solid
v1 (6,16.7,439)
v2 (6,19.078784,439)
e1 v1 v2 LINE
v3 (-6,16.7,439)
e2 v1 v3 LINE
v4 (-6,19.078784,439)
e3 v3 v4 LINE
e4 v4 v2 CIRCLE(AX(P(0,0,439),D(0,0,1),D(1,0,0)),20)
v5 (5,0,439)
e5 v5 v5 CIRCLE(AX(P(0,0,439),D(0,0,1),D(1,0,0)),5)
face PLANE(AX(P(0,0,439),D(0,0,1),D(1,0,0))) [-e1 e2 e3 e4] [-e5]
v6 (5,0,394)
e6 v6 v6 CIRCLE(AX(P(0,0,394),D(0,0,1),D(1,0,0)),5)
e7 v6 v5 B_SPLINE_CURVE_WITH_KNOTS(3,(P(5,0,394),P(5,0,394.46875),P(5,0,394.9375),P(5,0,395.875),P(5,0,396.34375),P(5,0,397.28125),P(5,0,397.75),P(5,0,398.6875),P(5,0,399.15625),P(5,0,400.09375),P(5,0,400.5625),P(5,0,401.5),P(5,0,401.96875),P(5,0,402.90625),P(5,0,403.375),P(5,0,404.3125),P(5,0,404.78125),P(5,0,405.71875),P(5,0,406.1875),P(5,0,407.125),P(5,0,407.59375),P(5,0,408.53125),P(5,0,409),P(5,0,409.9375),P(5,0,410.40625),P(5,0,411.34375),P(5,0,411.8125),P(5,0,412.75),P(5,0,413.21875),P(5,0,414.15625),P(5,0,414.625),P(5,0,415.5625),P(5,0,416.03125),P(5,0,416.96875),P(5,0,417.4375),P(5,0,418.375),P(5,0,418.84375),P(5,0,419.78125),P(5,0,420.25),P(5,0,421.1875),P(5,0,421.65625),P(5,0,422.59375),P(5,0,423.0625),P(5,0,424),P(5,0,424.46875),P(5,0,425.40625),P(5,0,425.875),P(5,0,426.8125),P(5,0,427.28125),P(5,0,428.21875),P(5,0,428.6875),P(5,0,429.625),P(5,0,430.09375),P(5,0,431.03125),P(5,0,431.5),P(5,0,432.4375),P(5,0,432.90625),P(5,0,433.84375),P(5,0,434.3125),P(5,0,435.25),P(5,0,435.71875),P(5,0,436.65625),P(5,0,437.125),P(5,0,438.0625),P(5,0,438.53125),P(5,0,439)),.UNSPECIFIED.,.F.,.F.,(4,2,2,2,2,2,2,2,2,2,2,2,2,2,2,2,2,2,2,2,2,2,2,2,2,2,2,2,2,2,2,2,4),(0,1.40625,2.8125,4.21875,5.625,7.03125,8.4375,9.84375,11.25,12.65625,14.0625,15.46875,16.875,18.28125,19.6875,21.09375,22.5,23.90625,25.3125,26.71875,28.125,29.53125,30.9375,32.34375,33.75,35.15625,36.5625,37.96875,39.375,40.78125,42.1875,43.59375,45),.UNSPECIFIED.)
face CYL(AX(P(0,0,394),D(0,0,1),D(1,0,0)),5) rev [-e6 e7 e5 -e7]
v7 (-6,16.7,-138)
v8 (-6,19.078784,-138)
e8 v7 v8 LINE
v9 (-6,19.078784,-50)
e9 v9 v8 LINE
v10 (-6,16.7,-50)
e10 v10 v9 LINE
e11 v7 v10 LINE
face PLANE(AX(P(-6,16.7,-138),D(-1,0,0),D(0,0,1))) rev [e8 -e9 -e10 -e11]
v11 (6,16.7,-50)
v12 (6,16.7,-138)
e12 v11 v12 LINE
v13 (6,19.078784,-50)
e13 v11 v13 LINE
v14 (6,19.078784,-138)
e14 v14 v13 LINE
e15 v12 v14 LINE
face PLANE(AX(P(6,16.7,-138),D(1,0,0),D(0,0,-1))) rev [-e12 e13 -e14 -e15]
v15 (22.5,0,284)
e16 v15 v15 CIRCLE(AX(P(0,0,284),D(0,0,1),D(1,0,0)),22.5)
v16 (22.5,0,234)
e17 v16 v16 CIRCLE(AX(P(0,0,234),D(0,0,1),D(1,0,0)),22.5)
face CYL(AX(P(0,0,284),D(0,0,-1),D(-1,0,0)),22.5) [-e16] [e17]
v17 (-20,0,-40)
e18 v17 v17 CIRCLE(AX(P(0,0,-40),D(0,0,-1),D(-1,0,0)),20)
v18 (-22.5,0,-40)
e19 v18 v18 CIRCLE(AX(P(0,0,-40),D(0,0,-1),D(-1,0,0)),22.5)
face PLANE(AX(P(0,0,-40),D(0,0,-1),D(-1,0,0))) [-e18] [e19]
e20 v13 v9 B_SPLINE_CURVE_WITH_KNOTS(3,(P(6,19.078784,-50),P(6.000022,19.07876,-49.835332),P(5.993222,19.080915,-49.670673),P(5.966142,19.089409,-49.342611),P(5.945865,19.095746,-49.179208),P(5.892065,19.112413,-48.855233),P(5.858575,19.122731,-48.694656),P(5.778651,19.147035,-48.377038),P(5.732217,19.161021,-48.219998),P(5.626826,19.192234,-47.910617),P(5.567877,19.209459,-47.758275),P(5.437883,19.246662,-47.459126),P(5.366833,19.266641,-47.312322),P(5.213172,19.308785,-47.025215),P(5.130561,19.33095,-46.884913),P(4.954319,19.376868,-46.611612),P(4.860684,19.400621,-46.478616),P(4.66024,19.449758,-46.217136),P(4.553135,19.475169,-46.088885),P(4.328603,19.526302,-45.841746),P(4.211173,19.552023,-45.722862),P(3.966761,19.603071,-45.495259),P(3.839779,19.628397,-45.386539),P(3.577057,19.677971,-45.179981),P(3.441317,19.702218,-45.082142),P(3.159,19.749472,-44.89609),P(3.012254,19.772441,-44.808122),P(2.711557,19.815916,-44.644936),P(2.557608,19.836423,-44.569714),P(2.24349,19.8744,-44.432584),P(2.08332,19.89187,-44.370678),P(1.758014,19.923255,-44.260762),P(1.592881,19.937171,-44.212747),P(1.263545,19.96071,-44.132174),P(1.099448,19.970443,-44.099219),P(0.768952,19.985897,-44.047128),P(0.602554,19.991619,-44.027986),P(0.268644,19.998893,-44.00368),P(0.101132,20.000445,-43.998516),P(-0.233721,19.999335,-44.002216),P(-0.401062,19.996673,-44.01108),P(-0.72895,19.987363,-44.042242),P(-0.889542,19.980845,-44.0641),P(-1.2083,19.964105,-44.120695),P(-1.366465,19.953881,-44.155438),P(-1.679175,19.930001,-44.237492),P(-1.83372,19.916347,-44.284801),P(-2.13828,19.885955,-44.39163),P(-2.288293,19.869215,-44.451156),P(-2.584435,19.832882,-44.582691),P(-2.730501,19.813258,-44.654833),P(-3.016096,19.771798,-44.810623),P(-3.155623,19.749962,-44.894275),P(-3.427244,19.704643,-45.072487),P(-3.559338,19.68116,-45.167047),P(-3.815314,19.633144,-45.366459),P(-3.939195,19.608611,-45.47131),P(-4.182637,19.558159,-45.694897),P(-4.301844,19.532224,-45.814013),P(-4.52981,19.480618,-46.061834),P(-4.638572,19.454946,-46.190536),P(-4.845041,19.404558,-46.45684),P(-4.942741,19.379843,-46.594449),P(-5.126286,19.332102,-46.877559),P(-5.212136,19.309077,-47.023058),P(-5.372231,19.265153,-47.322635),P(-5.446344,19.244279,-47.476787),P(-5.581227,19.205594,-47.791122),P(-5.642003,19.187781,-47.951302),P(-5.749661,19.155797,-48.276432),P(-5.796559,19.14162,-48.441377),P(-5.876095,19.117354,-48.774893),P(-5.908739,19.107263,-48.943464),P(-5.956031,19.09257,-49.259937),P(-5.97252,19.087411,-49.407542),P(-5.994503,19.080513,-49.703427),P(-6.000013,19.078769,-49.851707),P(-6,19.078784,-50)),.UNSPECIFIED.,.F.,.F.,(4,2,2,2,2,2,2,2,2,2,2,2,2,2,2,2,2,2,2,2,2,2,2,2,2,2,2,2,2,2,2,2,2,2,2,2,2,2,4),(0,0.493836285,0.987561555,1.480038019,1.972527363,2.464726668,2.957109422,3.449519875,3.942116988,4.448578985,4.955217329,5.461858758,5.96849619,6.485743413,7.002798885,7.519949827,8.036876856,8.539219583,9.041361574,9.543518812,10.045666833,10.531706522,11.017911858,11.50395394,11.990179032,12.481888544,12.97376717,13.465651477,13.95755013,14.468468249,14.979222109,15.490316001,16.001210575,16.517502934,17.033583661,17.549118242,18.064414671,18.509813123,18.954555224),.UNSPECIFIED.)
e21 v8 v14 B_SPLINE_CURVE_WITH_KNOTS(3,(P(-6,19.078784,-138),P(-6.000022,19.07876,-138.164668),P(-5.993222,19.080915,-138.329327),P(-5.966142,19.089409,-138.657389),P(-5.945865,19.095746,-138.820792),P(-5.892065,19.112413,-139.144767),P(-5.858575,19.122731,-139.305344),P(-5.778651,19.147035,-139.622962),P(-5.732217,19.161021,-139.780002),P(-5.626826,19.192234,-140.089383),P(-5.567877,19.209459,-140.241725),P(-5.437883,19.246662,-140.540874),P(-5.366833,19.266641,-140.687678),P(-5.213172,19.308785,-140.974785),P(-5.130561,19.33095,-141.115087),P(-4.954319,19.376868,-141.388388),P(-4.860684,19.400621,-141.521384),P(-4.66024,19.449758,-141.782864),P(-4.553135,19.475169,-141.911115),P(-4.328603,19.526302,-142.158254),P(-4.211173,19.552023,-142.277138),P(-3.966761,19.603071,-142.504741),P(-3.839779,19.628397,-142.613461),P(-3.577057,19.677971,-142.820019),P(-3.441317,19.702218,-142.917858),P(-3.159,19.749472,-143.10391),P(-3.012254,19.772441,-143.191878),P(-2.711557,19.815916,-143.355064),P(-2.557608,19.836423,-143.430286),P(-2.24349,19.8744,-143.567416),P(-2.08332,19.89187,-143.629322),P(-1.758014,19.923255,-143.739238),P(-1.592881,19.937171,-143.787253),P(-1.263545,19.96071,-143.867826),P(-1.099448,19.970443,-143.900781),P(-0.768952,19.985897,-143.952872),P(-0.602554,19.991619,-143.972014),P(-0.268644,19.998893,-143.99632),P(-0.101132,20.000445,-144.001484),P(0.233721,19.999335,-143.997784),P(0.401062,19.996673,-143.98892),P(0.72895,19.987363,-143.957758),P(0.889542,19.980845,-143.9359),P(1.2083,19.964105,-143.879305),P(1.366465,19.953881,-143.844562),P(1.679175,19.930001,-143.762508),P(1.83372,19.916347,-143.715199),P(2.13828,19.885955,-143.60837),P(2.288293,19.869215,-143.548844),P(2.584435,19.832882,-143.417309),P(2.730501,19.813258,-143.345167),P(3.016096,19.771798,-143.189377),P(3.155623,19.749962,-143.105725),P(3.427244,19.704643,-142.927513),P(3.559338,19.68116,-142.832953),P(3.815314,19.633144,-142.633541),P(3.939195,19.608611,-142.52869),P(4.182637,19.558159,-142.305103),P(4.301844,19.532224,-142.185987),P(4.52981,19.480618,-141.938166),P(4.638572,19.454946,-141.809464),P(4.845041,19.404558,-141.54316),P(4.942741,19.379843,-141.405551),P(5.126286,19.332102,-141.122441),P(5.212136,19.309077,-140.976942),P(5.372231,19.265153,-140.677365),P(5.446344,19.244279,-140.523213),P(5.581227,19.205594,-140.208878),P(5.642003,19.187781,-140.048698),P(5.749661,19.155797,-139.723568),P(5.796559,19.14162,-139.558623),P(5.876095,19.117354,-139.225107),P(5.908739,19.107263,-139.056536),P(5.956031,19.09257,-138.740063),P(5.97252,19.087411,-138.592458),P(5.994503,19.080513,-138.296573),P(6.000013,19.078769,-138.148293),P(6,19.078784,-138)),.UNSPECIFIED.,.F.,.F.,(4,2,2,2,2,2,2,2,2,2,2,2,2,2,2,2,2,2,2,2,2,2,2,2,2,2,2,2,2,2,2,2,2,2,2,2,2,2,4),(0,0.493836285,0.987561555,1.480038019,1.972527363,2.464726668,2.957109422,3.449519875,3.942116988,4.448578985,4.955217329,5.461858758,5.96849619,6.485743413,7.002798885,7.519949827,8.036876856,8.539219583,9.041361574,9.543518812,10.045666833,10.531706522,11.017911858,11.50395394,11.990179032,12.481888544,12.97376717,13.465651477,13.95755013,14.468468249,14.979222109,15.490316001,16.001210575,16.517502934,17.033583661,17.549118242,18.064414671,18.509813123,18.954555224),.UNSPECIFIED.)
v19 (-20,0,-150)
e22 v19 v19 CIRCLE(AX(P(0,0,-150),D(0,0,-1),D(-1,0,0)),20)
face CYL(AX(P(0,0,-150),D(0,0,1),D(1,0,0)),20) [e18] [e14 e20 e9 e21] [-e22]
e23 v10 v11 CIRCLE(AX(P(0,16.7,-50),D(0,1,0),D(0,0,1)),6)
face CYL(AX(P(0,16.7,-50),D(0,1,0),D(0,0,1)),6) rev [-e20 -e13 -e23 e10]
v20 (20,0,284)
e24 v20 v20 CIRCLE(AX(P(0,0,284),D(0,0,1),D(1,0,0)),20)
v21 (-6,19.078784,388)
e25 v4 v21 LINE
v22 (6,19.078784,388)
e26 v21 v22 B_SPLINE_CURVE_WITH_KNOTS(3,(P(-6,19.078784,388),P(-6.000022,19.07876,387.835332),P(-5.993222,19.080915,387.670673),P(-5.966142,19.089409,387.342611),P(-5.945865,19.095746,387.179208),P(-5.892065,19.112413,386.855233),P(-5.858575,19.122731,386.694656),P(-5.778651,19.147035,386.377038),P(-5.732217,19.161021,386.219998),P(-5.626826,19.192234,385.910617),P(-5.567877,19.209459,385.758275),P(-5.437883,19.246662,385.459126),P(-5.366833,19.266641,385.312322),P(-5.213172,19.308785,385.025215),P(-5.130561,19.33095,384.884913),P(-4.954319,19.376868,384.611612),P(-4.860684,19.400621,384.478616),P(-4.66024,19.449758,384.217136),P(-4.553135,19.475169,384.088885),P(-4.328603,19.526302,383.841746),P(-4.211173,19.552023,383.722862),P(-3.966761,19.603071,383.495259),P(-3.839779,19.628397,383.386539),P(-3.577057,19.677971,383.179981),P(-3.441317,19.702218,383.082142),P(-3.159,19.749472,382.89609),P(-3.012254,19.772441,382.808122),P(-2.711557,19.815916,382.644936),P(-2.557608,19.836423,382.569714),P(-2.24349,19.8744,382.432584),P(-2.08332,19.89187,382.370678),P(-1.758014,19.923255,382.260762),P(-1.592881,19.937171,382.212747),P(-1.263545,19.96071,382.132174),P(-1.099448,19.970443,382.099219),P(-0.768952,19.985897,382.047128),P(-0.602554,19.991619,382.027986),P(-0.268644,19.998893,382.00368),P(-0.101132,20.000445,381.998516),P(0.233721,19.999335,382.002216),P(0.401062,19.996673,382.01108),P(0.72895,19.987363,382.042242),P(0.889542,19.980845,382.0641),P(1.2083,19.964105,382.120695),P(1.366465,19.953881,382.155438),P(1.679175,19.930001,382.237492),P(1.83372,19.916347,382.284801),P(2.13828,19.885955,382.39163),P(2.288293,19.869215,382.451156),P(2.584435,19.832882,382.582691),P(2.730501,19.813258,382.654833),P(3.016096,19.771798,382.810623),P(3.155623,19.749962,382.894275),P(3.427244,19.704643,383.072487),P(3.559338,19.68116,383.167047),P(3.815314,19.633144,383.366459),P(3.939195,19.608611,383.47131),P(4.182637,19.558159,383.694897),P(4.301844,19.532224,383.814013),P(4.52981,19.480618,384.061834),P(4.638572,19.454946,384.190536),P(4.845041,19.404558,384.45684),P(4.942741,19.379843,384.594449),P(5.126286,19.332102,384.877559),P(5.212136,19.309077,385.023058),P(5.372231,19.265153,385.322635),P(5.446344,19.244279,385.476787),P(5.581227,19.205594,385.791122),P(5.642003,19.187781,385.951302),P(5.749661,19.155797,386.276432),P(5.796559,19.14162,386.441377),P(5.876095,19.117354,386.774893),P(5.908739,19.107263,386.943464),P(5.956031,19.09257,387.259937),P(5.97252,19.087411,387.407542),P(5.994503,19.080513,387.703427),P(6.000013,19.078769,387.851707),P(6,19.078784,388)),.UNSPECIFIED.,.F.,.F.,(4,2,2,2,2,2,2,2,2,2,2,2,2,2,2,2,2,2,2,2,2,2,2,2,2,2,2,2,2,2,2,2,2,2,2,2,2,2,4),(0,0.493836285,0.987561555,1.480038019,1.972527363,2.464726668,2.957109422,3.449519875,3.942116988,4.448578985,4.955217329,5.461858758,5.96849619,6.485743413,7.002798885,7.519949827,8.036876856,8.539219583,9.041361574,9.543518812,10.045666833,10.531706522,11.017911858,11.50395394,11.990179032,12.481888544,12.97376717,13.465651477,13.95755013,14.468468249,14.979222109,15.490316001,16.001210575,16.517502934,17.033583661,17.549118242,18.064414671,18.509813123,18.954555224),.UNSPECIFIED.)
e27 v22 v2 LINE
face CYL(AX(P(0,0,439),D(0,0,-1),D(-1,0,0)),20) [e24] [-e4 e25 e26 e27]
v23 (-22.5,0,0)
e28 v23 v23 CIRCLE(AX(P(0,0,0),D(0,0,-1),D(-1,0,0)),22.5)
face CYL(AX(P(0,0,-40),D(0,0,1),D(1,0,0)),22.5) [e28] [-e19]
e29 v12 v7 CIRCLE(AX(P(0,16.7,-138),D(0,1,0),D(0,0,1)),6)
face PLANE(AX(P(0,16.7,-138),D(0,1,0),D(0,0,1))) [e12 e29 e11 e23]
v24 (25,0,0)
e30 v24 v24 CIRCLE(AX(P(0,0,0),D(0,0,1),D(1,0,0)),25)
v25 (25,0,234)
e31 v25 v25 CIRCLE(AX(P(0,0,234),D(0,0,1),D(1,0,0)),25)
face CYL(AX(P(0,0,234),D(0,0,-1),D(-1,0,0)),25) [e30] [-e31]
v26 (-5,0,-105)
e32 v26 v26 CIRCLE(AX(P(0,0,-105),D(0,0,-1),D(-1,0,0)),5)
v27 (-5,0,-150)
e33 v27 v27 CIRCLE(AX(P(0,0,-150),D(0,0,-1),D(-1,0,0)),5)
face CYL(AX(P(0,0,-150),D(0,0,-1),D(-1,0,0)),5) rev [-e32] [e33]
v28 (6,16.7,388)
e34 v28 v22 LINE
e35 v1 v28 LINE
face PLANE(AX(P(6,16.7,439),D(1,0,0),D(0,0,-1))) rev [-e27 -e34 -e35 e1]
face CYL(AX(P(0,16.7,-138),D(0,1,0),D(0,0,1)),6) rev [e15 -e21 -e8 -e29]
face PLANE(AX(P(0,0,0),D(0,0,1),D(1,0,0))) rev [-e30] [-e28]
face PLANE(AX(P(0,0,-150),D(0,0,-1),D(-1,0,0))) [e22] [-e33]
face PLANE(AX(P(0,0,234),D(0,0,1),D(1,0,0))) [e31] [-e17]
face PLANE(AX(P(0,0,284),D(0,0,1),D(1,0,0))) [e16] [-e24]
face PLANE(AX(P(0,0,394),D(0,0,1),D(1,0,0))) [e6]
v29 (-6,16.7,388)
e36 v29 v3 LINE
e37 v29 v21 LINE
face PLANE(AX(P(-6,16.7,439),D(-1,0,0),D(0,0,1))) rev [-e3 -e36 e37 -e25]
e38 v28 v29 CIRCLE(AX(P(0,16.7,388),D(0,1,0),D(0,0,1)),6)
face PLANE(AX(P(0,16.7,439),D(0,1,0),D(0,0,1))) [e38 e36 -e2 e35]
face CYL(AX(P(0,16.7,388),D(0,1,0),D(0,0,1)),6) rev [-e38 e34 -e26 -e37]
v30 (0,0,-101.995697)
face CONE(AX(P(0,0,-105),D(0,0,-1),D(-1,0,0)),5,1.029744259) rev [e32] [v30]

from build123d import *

# Parameters (mm, degrees)
SKETCH1_R                  = 25
BOSS_EXTRUDE1_DEPTH        = 234
SKETCH2_R                  = 22.5
BOSS_EXTRUDE2_DEPTH        = 40
SKETCH3_R                  = 20
BOSS_EXTRUDE3_DEPTH        = 110
BOSS_EXTRUDE4_START        = 50
SKETCH4_R                  = 22.5
BOSS_EXTRUDE4_DEPTH        = 50
BOSS_EXTRUDE5_START        = 155
SKETCH5_R                  = 20
BOSS_EXTRUDE5_DEPTH        = 155
CUT_EXTRUDE1_DEPTH         = 3.3
SKETCH7_R                  = 5
CUT_EXTRUDE2_DEPTH         = 45
CUT_EXTRUDE3_DEPTH         = 3.3
F_10_0MM_DOWEL_HOLE1_D     = 10
F_10_0MM_DOWEL_HOLE1_DEPTH = 45
F_10_0MM_DOWEL_HOLE1_TIP   = 3.004303095


with BuildPart() as part:
    # Sketch1 → Boss-Extrude1 (new body)
    with BuildSketch(Plane.XY):
        Circle(SKETCH1_R)
    extrude(amount=BOSS_EXTRUDE1_DEPTH)

    # Sketch2 → Boss-Extrude2 (add)
    with BuildSketch(Plane(origin=(0, 0, 0), x_dir=(-1, 0, 0), z_dir=(0, 0, -1))):
        Circle(SKETCH2_R)
    extrude(amount=BOSS_EXTRUDE2_DEPTH)

    # Sketch3 → Boss-Extrude3 (add)
    with BuildSketch(Plane(origin=(0, 0, -40), x_dir=(-1, 0, 0), z_dir=(0, 0, -1))):
        Circle(SKETCH3_R)
    extrude(amount=BOSS_EXTRUDE3_DEPTH)

    # Sketch4 → Boss-Extrude4 (add)
    with BuildSketch(Plane.XY.offset(234).offset(BOSS_EXTRUDE4_START)):
        with Locations(Location((0, 0, 0), (0, 0, 180))):
            Circle(SKETCH4_R)
    extrude(amount=-BOSS_EXTRUDE4_DEPTH)

    # Sketch5 → Boss-Extrude5 (add)
    with BuildSketch(Plane.XY.offset(284).offset(BOSS_EXTRUDE5_START)):
        with Locations(Location((0, 0, 0), (0, 0, 180))):
            Circle(SKETCH5_R)
    extrude(amount=-BOSS_EXTRUDE5_DEPTH)

    # Sketch6 → Cut-Extrude1 (cut)
    with BuildSketch(Plane(origin=(0, 20, 0), x_dir=(1, 0, 0), z_dir=(0, 1, 0))):
        with BuildLine():
            Line((-6, -439), (-6, -388))
            ThreePointArc((-6, -388), (0, -382), (6, -388))
            Line((6, -388), (6, -439))
            ThreePointArc((6, -439), (0, -445), (-6, -439))
        make_face()
    extrude(amount=-CUT_EXTRUDE1_DEPTH, mode=Mode.SUBTRACT)

    # Sketch7 → Cut-Extrude2 (cut)
    with BuildSketch(Plane.XY.offset(439)):
        Circle(SKETCH7_R)
    extrude(amount=-CUT_EXTRUDE2_DEPTH, mode=Mode.SUBTRACT)

    # Sketch8 → Cut-Extrude3 (cut)
    with BuildSketch(Plane(origin=(0, 20, 0), x_dir=(1, 0, 0), z_dir=(0, 1, 0))):
        with BuildLine():
            Line((6, 138), (6, 50))
            ThreePointArc((6, 50), (0, 44), (-6, 50))
            Line((-6, 50), (-6, 138))
            ThreePointArc((-6, 138), (0, 144), (6, 138))
        make_face()
    extrude(amount=-CUT_EXTRUDE3_DEPTH, mode=Mode.SUBTRACT)

    # Ø10.0mm Dowel Hole1
    with Locations(Plane(origin=(0, 0, -150), x_dir=(-1, 0, 0), z_dir=(0, 0, -1))):
        with Locations((0, 0)):
            Hole(F_10_0MM_DOWEL_HOLE1_D / 2, depth=F_10_0MM_DOWEL_HOLE1_DEPTH)
            with Locations((0, 0, -(F_10_0MM_DOWEL_HOLE1_DEPTH + F_10_0MM_DOWEL_HOLE1_TIP / 2))):  # 118° drill point
                Cone(0, F_10_0MM_DOWEL_HOLE1_D / 2, F_10_0MM_DOWEL_HOLE1_TIP, mode=Mode.SUBTRACT)


solid = part.part
